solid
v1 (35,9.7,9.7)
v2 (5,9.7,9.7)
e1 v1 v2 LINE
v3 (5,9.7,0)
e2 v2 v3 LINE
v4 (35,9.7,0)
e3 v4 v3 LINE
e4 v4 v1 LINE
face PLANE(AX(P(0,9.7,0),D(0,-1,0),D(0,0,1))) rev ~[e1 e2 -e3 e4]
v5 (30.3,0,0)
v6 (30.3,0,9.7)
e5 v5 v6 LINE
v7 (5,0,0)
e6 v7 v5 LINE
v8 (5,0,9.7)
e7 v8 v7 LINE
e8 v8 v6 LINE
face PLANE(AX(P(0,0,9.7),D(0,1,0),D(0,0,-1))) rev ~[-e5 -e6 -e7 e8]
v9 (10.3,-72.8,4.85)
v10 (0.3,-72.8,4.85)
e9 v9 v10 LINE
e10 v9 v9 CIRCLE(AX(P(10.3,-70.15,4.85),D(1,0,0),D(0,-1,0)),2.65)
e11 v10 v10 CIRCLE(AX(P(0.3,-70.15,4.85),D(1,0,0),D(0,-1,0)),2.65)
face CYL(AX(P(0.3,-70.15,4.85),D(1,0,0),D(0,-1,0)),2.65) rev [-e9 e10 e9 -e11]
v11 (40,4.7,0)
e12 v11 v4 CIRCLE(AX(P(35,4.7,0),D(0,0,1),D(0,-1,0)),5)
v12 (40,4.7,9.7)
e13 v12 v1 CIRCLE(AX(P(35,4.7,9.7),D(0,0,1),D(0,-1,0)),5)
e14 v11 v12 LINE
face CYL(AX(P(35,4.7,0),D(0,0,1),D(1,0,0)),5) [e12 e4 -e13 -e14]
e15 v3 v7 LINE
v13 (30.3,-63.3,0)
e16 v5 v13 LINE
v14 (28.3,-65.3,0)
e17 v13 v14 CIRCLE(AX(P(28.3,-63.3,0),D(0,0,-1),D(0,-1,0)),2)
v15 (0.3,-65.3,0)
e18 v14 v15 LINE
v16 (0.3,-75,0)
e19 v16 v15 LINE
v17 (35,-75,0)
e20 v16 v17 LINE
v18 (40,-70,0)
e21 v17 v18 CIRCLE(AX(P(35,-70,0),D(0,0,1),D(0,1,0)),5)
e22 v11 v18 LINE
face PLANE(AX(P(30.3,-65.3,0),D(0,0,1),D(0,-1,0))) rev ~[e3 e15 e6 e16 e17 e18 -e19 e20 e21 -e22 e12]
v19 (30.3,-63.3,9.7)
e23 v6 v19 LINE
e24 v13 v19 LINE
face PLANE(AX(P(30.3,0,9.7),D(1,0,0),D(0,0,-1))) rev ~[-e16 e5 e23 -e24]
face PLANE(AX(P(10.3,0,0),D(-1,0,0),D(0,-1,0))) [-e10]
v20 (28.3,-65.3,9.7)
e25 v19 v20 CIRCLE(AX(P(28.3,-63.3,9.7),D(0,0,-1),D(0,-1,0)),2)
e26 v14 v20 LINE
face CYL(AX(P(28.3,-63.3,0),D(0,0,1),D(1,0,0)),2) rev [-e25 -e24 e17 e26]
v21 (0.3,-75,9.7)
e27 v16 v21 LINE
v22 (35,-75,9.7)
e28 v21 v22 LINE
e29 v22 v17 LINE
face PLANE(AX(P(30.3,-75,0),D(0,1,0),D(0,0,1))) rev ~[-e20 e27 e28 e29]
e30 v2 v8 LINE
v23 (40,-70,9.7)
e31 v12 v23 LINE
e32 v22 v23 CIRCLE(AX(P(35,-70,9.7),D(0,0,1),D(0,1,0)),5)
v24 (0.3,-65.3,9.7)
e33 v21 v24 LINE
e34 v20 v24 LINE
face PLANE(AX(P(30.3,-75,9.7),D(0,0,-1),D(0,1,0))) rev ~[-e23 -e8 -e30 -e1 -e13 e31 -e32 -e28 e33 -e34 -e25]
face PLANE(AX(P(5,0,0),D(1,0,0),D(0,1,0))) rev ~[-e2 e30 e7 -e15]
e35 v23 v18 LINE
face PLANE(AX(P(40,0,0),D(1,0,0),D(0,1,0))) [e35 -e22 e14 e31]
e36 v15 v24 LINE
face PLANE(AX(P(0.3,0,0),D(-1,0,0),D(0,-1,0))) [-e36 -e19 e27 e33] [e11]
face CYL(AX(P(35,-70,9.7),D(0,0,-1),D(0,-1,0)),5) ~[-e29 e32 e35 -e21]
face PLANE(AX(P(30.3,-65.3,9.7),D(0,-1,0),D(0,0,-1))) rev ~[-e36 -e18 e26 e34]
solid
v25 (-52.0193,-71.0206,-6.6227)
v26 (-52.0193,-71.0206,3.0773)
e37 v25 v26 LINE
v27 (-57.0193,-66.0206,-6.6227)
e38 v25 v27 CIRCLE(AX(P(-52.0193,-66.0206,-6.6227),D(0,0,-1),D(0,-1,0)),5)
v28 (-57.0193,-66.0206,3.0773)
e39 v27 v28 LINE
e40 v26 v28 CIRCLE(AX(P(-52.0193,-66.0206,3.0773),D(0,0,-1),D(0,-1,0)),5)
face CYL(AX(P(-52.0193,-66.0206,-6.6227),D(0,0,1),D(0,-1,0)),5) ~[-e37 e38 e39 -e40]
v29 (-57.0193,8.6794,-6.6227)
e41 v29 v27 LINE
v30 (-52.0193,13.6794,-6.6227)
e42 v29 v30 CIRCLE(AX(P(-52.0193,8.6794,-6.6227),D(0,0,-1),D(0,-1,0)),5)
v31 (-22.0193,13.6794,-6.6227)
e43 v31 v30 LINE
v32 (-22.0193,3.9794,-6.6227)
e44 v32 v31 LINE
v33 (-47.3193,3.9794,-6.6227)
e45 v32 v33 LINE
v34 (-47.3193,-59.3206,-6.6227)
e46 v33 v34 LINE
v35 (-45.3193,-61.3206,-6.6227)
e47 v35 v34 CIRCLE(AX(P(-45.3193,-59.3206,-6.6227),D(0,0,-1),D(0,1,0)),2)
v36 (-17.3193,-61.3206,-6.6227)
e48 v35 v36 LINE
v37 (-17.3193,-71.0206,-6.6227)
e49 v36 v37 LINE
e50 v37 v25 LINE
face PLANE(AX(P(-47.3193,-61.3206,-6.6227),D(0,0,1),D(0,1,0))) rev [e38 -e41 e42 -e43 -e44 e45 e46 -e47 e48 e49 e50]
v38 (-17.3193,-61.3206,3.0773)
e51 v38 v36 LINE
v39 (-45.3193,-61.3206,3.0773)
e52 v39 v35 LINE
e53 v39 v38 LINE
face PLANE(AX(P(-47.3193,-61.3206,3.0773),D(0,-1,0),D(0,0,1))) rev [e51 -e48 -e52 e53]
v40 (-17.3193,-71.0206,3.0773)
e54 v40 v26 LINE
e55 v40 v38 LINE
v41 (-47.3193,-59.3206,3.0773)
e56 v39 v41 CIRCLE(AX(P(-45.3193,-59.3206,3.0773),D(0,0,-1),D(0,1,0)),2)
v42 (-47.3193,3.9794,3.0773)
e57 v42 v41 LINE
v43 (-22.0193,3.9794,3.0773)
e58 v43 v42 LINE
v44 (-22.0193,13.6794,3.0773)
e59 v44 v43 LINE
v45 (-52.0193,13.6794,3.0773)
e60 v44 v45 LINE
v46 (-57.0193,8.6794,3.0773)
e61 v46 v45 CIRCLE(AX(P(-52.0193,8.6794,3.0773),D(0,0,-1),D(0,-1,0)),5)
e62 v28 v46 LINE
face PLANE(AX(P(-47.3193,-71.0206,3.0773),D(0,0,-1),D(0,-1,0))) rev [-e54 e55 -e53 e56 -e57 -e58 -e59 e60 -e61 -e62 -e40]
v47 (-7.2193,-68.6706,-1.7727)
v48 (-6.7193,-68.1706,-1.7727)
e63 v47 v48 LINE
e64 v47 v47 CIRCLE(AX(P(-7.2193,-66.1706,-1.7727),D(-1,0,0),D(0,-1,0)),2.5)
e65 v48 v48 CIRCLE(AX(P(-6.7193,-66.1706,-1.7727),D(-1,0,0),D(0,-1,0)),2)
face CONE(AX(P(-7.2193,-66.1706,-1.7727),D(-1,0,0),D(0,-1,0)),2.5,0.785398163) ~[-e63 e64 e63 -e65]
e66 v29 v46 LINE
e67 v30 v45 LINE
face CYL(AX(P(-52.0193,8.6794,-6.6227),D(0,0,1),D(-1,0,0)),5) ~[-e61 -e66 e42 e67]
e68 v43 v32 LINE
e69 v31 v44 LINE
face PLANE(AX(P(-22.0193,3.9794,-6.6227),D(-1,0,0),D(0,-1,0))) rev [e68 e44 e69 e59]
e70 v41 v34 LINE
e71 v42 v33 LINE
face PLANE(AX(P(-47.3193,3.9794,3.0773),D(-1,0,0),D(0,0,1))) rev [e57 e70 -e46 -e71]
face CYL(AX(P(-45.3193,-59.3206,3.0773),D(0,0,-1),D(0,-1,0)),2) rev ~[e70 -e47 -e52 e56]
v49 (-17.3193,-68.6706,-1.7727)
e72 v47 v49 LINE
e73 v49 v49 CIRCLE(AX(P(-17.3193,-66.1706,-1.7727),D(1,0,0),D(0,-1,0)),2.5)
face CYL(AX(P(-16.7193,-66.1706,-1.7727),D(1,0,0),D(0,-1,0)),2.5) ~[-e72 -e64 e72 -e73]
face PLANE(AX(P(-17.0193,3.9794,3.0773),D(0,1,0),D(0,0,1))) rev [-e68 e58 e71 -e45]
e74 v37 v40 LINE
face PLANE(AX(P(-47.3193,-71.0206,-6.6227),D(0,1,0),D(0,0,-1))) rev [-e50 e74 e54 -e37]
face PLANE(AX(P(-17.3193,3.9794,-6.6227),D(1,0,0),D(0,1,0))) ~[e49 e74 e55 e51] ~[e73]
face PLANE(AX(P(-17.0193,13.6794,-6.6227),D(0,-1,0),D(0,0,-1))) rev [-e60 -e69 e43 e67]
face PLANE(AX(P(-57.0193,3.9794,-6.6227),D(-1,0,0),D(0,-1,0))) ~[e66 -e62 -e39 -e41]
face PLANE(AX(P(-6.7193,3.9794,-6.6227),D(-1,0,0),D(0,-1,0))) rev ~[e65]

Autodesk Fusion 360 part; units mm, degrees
sketch "Sketch1" plane through (0, 0, 0) normal (1, 0, 0) x (0, 1, 0)
  line L0 (0, 0) -> (9.7, 0)
  line L1 (9.7, 0) -> (9.7, 9.7)
  line L2 (9.7, 9.7) -> (0, 9.7)
  line L3 (0, 9.7) -> (0, 0)
  dimension "d1" = 9.7
  dimension "d2" = 9.7
extrude "Extrude1" add sketch "Sketch1" along normal blind 40 makes body 1
sketch "Sketch2" plane through (0, 0, 0) normal (0, -1, 0) x (1, 0, 0)
  line L0 (0, 9.7) -> (0, 0)
  line L1 (0, 0) -> (40, 0)
  line L2 (40, 0) -> (40, 9.7)
  line L3 (40, 9.7) -> (0, 9.7)
  line L4 (40, 9.7) -> (30.3, 9.7)
  line L5 (30.3, 9.7) -> (30.3, 0)
  line L6 (30.3, 0) -> (40, 0)
  line L7 (40, 0) -> (40, 9.7)
  dimension "d5" = 9.7
extrude "Extrude2" add sketch "Sketch2" along normal blind 75 contours L1 L2 L3 L4 L5 L6 L7 bodies 1
sketch "Sketch3" plane through (30.3, 0, 0) normal (-1, 0, 0) x (0, -1, 0)
  line L0 (0, 9.7) -> (0, 0)
  line L1 (0, 0) -> (75, 0)
  line L2 (75, 0) -> (75, 9.7)
  line L3 (75, 9.7) -> (0, 9.7)
  line L4 (75, 9.7) -> (65.3, 9.7)
  line L5 (65.3, 9.7) -> (65.3, -2.721)
  line L6 (65.3, -2.721) -> (75, -2.721)
  line L7 (75, -2.721) -> (75, 9.7)
  dimension "d8" = 9.7
extrude "Extrude3" add sketch "Sketch3" along normal blind 30 contours L1 L2 L3 L4 L5 L7 bodies 1
sketch "Sketch4" plane through (0.3, 0, 0) normal (-1, 0, 0) x (0, -1, 0)
  line L0 (75, 0) -> (75, 9.7)
  line L1 (75, 9.7) -> (65.3, 9.7)
  line L2 (65.3, 9.7) -> (65.3, 0)
  line L3 (65.3, 0) -> (75, 0)
  circle A0 centre (70.15, 4.85) radius 2.5
  line L4 (70.15, 9.7) -> (70.15, 0)
  line L5 (65.3, 4.85) -> (75, 4.85)
  dimension "d11" = 5
extrude "Extrude5" cut sketch "Sketch4" along normal mid plane 20 contours A0 L4 L5 | A0 L4 L5 | A0 L4 L5 | A0 L4 L5 bodies 1
mirror "Mirror1" about plane through (0, 0, 0) normal (1, 0, 0) of bodies 1 makes body 2
extrude "Extrude6" add sketch "Sketch4" along normal up to surface (10.6 mm away) and the other way blind 10 contours A0 L4 L5 | A0 L4 L5 | A0 L4 L5 | A0 L4 L5 bodies 2
chamfer "Chamfer1" distance 0.5 angle 45 1 edges at (10.3, -67.8192, 5.754) on bodies 2
copy_body "Body->Comp1" bodies 1 removing the originals makes body 3 in component "Component"
copy_body "Body->Comp2" bodies 2 removing the originals makes body 4 in component "Component'"
move_face "OffsetFaces1" offset -0.15 1 faces at (3.6333, -72.6376, 5.0989) on bodies 3 in component "Component"
extrude "Extrude1'" cut 1 faces at (0, 3.2333, 6.4667) along direction (1, 0, 0) blind 5 on bodies 3 bodies 3 in component "Component"
extrude "Extrude1''" cut 1 faces at (0, 3.2333, 6.4667) along direction (-1, 0, 0) blind 5 on bodies 4 bodies 4 in component "Component'"
fillet "Fillet1" radius 2 1 edges at (30.3, -65.3, 4.85) on bodies 3 in component "Component"
fillet "Fillet1'" radius 2 1 edges at (-30.3, -65.3, 4.85) on bodies 4 in component "Component'"
fillet "Fillet2" radius 5 1 edges at (40, -75, 4.85) on bodies 3 in component "Component"
fillet "Fillet2'" radius 5 1 edges at (-40, -75, 4.85) on bodies 4 in component "Component'"
fillet "Fillet3" radius 5 1 edges at (40, 9.7, 4.85) on bodies 3 in component "Component"
fillet "Fillet3'" radius 5 1 edges at (-40, 9.7, 4.85) on bodies 4 in component "Component'"
component "Component" placed x (1, 0, 0) y (0, 1, 0) z (0, 0, 1) at (0, 0, 0)
component "Component'" placed x (1, 0, 0) y (0, 1, 0) z (0, 0, 1) at (-17.0193, 3.9794, -6.6227)
